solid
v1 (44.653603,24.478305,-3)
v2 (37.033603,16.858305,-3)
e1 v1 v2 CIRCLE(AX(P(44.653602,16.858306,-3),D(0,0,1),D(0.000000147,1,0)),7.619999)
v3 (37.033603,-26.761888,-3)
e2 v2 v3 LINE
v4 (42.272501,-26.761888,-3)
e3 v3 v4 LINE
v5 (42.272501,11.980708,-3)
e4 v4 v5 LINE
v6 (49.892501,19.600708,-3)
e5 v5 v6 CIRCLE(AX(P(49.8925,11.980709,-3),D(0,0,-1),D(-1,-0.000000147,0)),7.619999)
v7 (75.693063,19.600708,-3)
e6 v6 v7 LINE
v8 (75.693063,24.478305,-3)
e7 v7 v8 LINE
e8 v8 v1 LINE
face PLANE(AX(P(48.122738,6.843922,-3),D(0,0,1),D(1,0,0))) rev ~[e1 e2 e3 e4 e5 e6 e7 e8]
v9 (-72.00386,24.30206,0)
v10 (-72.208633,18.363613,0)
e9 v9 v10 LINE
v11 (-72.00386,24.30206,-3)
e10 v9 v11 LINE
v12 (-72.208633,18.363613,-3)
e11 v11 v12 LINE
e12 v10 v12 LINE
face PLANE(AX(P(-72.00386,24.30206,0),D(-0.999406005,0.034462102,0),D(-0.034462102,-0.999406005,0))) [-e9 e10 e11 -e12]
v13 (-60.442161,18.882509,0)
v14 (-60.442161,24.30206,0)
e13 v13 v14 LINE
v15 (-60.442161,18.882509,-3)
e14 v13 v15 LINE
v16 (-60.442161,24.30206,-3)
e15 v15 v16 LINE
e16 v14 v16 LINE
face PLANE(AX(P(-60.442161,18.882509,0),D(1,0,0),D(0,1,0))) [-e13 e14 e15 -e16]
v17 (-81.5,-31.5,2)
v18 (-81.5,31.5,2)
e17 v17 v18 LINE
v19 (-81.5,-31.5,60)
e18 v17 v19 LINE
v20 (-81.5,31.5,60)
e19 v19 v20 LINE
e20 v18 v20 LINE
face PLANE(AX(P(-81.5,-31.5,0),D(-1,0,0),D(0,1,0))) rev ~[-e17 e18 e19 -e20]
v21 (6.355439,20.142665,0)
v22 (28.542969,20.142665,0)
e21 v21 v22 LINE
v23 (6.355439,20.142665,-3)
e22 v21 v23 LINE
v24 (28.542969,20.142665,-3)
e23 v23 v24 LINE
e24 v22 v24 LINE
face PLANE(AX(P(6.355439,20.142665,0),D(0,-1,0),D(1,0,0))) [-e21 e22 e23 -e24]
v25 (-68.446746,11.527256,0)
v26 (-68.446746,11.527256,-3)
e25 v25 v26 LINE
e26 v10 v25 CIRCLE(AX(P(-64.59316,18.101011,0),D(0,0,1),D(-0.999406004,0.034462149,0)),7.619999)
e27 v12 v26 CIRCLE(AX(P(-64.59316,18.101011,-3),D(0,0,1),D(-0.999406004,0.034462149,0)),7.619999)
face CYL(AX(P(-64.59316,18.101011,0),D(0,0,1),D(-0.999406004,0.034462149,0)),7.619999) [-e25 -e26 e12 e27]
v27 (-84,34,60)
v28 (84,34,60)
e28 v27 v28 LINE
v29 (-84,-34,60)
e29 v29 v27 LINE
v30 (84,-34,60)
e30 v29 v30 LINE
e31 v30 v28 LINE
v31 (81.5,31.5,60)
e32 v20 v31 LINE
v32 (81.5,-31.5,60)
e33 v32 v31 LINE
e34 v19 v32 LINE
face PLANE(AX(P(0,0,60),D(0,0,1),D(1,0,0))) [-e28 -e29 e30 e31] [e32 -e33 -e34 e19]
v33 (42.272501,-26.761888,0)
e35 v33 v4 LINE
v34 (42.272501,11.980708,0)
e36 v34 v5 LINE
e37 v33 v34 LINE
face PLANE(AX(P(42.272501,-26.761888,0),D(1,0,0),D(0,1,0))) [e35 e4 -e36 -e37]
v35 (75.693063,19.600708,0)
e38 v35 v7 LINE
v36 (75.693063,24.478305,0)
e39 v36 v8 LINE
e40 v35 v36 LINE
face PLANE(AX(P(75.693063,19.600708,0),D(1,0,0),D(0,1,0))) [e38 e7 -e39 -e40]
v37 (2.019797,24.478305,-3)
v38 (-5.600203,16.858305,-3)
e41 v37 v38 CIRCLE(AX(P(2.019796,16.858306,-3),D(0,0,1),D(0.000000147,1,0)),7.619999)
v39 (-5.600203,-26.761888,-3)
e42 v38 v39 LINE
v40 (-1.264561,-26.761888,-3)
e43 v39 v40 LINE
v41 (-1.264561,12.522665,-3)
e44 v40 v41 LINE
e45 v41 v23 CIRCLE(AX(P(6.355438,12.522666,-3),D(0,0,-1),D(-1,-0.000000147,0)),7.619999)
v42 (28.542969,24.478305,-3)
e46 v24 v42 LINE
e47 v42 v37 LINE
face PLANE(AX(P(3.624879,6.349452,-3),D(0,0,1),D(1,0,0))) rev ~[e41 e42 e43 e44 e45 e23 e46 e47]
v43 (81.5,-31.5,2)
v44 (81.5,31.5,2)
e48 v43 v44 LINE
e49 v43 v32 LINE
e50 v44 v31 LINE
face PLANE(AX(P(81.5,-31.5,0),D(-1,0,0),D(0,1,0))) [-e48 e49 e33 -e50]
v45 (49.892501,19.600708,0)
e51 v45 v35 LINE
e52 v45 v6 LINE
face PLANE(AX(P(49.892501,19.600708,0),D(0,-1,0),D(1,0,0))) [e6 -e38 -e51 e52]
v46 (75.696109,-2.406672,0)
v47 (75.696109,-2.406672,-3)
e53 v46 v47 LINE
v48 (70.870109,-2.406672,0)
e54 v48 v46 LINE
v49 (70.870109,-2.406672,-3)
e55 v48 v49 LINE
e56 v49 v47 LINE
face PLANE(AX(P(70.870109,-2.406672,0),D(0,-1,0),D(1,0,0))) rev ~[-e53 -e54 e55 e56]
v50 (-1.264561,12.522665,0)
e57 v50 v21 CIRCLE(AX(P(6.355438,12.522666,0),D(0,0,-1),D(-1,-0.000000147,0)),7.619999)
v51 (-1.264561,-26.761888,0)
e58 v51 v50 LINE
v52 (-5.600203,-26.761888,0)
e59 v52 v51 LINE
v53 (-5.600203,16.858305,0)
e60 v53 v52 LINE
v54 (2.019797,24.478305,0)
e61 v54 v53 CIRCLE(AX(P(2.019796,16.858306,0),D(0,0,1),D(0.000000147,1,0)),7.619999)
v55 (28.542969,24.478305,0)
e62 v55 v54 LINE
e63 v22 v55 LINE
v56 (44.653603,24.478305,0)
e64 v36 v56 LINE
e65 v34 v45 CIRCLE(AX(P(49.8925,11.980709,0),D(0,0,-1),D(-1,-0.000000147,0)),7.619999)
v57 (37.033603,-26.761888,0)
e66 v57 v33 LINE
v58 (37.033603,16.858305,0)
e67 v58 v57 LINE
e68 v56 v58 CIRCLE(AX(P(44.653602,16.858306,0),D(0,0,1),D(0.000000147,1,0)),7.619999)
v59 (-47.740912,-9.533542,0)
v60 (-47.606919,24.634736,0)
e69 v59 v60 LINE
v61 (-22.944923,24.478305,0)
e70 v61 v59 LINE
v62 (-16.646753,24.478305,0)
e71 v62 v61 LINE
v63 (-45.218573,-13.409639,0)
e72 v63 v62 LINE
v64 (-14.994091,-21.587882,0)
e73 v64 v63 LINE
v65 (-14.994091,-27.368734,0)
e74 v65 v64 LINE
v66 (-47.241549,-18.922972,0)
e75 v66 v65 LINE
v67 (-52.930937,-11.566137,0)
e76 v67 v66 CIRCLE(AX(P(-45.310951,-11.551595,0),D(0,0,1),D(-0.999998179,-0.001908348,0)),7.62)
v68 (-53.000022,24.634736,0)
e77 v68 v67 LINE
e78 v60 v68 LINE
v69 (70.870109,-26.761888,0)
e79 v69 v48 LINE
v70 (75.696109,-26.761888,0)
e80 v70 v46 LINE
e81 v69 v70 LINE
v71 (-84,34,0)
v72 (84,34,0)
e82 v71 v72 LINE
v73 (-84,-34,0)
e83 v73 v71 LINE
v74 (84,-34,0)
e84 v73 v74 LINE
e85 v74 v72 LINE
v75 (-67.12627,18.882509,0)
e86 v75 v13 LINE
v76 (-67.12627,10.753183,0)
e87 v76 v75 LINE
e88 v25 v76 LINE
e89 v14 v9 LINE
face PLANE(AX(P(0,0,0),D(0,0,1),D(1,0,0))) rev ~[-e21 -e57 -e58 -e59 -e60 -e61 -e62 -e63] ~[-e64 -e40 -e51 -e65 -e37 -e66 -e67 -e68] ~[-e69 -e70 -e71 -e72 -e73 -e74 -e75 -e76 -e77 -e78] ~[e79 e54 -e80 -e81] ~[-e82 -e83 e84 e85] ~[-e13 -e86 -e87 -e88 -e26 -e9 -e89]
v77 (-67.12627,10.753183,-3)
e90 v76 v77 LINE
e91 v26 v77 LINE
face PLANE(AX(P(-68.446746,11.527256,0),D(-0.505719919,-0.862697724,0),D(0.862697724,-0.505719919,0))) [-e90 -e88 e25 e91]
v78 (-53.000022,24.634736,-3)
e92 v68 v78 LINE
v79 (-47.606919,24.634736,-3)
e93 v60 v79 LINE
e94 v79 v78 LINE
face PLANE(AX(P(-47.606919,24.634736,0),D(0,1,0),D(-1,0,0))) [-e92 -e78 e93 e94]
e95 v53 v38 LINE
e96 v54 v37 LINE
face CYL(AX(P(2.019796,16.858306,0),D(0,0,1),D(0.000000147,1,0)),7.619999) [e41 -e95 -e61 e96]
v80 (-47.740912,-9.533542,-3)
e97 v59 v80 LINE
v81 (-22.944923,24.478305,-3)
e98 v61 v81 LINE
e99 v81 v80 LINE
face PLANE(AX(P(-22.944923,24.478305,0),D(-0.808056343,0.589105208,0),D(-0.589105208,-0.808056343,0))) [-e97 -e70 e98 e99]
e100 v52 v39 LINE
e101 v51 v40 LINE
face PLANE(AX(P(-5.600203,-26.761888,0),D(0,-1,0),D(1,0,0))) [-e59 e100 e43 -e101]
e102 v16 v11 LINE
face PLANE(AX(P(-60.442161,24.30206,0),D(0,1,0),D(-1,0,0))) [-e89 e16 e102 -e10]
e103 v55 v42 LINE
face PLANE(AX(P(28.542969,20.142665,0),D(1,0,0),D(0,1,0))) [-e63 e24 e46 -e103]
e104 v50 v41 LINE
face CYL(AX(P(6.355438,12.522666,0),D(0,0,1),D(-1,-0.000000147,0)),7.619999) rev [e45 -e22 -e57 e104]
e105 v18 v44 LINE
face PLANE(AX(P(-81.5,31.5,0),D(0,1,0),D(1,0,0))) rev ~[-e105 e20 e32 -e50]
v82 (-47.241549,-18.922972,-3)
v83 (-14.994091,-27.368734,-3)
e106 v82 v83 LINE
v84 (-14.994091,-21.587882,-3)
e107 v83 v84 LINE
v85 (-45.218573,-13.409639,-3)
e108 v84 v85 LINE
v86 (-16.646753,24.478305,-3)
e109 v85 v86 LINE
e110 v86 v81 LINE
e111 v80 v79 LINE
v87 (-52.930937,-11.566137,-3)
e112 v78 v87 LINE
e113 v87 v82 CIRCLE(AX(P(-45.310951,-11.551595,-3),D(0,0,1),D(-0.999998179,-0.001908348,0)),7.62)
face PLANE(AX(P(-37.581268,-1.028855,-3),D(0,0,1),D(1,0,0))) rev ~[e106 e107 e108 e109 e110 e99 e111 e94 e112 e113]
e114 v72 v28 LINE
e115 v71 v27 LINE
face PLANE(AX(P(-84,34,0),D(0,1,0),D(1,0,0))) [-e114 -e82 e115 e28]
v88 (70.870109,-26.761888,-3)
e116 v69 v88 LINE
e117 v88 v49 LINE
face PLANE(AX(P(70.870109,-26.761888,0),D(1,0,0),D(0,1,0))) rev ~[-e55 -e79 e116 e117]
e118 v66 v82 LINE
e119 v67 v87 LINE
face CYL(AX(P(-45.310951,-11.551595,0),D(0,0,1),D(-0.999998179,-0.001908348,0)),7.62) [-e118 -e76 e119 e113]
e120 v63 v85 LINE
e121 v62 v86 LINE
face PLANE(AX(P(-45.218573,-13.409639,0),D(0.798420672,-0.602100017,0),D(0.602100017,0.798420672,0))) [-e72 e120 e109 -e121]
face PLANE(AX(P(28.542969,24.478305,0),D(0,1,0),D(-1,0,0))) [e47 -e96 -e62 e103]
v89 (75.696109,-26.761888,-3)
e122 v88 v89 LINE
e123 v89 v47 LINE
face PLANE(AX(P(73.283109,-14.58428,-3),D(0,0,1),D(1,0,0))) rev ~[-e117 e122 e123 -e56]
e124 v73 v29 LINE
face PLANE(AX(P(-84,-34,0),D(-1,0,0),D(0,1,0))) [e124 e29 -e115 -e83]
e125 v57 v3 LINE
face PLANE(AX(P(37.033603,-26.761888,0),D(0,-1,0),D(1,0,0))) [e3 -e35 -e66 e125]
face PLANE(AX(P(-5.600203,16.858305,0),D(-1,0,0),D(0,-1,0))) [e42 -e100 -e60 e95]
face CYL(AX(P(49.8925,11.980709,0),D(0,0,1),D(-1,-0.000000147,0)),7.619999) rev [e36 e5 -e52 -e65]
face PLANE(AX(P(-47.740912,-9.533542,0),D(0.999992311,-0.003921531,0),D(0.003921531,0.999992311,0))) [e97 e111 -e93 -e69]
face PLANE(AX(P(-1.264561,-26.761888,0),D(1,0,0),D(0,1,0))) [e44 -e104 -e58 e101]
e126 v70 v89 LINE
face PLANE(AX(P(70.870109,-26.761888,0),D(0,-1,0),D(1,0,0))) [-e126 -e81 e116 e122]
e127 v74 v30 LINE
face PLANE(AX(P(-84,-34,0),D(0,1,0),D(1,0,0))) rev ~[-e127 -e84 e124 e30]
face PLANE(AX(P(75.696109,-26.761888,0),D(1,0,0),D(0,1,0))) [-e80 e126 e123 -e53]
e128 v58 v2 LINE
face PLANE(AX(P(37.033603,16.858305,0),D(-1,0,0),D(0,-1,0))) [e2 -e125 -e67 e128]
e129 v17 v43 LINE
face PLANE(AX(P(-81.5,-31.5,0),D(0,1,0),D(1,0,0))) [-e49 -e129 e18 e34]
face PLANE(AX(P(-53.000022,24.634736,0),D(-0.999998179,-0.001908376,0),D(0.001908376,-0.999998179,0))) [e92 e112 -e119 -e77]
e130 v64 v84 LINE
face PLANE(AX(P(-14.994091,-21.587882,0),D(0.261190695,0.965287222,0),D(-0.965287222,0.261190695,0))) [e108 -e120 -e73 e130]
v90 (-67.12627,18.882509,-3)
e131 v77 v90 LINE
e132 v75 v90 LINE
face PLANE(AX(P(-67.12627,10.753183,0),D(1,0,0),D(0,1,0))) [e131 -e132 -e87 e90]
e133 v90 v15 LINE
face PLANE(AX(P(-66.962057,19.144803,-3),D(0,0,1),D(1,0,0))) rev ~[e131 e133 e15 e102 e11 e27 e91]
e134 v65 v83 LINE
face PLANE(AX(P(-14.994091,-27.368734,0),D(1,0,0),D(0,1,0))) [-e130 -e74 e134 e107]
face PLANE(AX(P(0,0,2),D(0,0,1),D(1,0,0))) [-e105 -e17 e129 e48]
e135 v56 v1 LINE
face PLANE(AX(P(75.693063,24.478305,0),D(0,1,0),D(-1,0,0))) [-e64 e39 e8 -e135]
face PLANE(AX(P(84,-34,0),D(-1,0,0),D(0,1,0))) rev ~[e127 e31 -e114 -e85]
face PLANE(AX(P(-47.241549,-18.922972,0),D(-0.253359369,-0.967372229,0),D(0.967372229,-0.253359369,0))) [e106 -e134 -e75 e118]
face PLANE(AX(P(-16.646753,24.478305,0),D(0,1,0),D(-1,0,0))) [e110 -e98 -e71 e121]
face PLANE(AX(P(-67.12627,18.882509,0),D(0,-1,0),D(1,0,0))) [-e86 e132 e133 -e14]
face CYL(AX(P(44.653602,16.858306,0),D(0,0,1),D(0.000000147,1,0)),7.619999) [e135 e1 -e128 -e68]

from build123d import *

# Parameters (mm, degrees)
F0_W     = 168
F0_H     = 68
F0_W_2   = 163
F0_H_2   = 63
F1_DEPTH = 60
F2_DEPTH = 2
F3_W     = 4.826
F3_H     = 24.355216
F4_DEPTH = 3


with BuildPart() as f1:
    # F0 (on Top) → F1 (new body)
    with BuildSketch(Plane.XY):
        Rectangle(F0_W, F0_H)
        Rectangle(F0_W_2, F0_H_2, mode=Mode.SUBTRACT)
    extrude(amount=F1_DEPTH)

    # F0 (on Top) → F2 (join)
    with BuildSketch(Plane.XY):
        Rectangle(F0_W_2, F0_H_2)
    extrude(amount=F2_DEPTH)

    # F3 (on face) → F4 (join)
    with BuildSketch(Plane.XY):
        with BuildLine():
            Line((-60.442161, 24.30206), (-72.00386, 24.30206))
            Line((-72.00386, 24.30206), (-72.208633, 18.363613))
            ThreePointArc((-72.208633, 18.363613), (-71.269145, 14.427374), (-68.446746, 11.527256))
            Line((-68.446746, 11.527256), (-67.12627, 10.753183))
            Line((-67.12627, 10.753183), (-67.12627, 18.882509))
            Line((-67.12627, 18.882509), (-60.442161, 18.882509))
            Line((-60.442161, 18.882509), (-60.442161, 24.30206))
        make_face()
        with BuildLine():
            Line((-47.606919, 24.634736), (-53.000022, 24.634736))
            Line((-53.000022, 24.634736), (-52.930937, -11.566137))
            ThreePointArc((-52.930937, -11.566137), (-51.338734, -16.213165), (-47.241549, -18.922972))
            Line((-47.241549, -18.922972), (-14.994091, -27.368734))
            Line((-14.994091, -27.368734), (-14.994091, -21.587882))
            Line((-14.994091, -21.587882), (-45.218573, -13.409639))
            Line((-45.218573, -13.409639), (-16.646753, 24.478305))
            Line((-16.646753, 24.478305), (-22.944923, 24.478305))
            Line((-22.944923, 24.478305), (-47.740912, -9.533542))
            Line((-47.740912, -9.533542), (-47.606919, 24.634736))
        make_face()
        with BuildLine():
            Line((-5.600203, 16.858305), (-5.600203, -26.761888))
            Line((-5.600203, -26.761888), (-1.264561, -26.761888))
            Line((-1.264561, -26.761888), (-1.264561, 12.522665))
            ThreePointArc((-1.264561, 12.522665), (0.967285, 17.910819), (6.355439, 20.142665))
            Line((6.355439, 20.142665), (28.542969, 20.142665))
            Line((28.542969, 20.142665), (28.542969, 24.478305))
            Line((28.542969, 24.478305), (2.019797, 24.478305))
            ThreePointArc((2.019797, 24.478305), (-3.368357, 22.246459), (-5.600203, 16.858305))
        make_face()
        with BuildLine():
            ThreePointArc((44.653603, 24.478305), (39.265449, 22.246459), (37.033603, 16.858305))
            Line((37.033603, 16.858305), (37.033603, -26.761888))
            Line((37.033603, -26.761888), (42.272501, -26.761888))
            Line((42.272501, -26.761888), (42.272501, 11.980708))
            ThreePointArc((42.272501, 11.980708), (44.504347, 17.368862), (49.892501, 19.600708))
            Line((49.892501, 19.600708), (75.693063, 19.600708))
            Line((75.693063, 19.600708), (75.693063, 24.478305))
            Line((75.693063, 24.478305), (44.653603, 24.478305))
        make_face()
        with Locations((73.283109, -14.58428)):
            Rectangle(F3_W, F3_H)
    extrude(amount=-F4_DEPTH)


solid = f1.part
